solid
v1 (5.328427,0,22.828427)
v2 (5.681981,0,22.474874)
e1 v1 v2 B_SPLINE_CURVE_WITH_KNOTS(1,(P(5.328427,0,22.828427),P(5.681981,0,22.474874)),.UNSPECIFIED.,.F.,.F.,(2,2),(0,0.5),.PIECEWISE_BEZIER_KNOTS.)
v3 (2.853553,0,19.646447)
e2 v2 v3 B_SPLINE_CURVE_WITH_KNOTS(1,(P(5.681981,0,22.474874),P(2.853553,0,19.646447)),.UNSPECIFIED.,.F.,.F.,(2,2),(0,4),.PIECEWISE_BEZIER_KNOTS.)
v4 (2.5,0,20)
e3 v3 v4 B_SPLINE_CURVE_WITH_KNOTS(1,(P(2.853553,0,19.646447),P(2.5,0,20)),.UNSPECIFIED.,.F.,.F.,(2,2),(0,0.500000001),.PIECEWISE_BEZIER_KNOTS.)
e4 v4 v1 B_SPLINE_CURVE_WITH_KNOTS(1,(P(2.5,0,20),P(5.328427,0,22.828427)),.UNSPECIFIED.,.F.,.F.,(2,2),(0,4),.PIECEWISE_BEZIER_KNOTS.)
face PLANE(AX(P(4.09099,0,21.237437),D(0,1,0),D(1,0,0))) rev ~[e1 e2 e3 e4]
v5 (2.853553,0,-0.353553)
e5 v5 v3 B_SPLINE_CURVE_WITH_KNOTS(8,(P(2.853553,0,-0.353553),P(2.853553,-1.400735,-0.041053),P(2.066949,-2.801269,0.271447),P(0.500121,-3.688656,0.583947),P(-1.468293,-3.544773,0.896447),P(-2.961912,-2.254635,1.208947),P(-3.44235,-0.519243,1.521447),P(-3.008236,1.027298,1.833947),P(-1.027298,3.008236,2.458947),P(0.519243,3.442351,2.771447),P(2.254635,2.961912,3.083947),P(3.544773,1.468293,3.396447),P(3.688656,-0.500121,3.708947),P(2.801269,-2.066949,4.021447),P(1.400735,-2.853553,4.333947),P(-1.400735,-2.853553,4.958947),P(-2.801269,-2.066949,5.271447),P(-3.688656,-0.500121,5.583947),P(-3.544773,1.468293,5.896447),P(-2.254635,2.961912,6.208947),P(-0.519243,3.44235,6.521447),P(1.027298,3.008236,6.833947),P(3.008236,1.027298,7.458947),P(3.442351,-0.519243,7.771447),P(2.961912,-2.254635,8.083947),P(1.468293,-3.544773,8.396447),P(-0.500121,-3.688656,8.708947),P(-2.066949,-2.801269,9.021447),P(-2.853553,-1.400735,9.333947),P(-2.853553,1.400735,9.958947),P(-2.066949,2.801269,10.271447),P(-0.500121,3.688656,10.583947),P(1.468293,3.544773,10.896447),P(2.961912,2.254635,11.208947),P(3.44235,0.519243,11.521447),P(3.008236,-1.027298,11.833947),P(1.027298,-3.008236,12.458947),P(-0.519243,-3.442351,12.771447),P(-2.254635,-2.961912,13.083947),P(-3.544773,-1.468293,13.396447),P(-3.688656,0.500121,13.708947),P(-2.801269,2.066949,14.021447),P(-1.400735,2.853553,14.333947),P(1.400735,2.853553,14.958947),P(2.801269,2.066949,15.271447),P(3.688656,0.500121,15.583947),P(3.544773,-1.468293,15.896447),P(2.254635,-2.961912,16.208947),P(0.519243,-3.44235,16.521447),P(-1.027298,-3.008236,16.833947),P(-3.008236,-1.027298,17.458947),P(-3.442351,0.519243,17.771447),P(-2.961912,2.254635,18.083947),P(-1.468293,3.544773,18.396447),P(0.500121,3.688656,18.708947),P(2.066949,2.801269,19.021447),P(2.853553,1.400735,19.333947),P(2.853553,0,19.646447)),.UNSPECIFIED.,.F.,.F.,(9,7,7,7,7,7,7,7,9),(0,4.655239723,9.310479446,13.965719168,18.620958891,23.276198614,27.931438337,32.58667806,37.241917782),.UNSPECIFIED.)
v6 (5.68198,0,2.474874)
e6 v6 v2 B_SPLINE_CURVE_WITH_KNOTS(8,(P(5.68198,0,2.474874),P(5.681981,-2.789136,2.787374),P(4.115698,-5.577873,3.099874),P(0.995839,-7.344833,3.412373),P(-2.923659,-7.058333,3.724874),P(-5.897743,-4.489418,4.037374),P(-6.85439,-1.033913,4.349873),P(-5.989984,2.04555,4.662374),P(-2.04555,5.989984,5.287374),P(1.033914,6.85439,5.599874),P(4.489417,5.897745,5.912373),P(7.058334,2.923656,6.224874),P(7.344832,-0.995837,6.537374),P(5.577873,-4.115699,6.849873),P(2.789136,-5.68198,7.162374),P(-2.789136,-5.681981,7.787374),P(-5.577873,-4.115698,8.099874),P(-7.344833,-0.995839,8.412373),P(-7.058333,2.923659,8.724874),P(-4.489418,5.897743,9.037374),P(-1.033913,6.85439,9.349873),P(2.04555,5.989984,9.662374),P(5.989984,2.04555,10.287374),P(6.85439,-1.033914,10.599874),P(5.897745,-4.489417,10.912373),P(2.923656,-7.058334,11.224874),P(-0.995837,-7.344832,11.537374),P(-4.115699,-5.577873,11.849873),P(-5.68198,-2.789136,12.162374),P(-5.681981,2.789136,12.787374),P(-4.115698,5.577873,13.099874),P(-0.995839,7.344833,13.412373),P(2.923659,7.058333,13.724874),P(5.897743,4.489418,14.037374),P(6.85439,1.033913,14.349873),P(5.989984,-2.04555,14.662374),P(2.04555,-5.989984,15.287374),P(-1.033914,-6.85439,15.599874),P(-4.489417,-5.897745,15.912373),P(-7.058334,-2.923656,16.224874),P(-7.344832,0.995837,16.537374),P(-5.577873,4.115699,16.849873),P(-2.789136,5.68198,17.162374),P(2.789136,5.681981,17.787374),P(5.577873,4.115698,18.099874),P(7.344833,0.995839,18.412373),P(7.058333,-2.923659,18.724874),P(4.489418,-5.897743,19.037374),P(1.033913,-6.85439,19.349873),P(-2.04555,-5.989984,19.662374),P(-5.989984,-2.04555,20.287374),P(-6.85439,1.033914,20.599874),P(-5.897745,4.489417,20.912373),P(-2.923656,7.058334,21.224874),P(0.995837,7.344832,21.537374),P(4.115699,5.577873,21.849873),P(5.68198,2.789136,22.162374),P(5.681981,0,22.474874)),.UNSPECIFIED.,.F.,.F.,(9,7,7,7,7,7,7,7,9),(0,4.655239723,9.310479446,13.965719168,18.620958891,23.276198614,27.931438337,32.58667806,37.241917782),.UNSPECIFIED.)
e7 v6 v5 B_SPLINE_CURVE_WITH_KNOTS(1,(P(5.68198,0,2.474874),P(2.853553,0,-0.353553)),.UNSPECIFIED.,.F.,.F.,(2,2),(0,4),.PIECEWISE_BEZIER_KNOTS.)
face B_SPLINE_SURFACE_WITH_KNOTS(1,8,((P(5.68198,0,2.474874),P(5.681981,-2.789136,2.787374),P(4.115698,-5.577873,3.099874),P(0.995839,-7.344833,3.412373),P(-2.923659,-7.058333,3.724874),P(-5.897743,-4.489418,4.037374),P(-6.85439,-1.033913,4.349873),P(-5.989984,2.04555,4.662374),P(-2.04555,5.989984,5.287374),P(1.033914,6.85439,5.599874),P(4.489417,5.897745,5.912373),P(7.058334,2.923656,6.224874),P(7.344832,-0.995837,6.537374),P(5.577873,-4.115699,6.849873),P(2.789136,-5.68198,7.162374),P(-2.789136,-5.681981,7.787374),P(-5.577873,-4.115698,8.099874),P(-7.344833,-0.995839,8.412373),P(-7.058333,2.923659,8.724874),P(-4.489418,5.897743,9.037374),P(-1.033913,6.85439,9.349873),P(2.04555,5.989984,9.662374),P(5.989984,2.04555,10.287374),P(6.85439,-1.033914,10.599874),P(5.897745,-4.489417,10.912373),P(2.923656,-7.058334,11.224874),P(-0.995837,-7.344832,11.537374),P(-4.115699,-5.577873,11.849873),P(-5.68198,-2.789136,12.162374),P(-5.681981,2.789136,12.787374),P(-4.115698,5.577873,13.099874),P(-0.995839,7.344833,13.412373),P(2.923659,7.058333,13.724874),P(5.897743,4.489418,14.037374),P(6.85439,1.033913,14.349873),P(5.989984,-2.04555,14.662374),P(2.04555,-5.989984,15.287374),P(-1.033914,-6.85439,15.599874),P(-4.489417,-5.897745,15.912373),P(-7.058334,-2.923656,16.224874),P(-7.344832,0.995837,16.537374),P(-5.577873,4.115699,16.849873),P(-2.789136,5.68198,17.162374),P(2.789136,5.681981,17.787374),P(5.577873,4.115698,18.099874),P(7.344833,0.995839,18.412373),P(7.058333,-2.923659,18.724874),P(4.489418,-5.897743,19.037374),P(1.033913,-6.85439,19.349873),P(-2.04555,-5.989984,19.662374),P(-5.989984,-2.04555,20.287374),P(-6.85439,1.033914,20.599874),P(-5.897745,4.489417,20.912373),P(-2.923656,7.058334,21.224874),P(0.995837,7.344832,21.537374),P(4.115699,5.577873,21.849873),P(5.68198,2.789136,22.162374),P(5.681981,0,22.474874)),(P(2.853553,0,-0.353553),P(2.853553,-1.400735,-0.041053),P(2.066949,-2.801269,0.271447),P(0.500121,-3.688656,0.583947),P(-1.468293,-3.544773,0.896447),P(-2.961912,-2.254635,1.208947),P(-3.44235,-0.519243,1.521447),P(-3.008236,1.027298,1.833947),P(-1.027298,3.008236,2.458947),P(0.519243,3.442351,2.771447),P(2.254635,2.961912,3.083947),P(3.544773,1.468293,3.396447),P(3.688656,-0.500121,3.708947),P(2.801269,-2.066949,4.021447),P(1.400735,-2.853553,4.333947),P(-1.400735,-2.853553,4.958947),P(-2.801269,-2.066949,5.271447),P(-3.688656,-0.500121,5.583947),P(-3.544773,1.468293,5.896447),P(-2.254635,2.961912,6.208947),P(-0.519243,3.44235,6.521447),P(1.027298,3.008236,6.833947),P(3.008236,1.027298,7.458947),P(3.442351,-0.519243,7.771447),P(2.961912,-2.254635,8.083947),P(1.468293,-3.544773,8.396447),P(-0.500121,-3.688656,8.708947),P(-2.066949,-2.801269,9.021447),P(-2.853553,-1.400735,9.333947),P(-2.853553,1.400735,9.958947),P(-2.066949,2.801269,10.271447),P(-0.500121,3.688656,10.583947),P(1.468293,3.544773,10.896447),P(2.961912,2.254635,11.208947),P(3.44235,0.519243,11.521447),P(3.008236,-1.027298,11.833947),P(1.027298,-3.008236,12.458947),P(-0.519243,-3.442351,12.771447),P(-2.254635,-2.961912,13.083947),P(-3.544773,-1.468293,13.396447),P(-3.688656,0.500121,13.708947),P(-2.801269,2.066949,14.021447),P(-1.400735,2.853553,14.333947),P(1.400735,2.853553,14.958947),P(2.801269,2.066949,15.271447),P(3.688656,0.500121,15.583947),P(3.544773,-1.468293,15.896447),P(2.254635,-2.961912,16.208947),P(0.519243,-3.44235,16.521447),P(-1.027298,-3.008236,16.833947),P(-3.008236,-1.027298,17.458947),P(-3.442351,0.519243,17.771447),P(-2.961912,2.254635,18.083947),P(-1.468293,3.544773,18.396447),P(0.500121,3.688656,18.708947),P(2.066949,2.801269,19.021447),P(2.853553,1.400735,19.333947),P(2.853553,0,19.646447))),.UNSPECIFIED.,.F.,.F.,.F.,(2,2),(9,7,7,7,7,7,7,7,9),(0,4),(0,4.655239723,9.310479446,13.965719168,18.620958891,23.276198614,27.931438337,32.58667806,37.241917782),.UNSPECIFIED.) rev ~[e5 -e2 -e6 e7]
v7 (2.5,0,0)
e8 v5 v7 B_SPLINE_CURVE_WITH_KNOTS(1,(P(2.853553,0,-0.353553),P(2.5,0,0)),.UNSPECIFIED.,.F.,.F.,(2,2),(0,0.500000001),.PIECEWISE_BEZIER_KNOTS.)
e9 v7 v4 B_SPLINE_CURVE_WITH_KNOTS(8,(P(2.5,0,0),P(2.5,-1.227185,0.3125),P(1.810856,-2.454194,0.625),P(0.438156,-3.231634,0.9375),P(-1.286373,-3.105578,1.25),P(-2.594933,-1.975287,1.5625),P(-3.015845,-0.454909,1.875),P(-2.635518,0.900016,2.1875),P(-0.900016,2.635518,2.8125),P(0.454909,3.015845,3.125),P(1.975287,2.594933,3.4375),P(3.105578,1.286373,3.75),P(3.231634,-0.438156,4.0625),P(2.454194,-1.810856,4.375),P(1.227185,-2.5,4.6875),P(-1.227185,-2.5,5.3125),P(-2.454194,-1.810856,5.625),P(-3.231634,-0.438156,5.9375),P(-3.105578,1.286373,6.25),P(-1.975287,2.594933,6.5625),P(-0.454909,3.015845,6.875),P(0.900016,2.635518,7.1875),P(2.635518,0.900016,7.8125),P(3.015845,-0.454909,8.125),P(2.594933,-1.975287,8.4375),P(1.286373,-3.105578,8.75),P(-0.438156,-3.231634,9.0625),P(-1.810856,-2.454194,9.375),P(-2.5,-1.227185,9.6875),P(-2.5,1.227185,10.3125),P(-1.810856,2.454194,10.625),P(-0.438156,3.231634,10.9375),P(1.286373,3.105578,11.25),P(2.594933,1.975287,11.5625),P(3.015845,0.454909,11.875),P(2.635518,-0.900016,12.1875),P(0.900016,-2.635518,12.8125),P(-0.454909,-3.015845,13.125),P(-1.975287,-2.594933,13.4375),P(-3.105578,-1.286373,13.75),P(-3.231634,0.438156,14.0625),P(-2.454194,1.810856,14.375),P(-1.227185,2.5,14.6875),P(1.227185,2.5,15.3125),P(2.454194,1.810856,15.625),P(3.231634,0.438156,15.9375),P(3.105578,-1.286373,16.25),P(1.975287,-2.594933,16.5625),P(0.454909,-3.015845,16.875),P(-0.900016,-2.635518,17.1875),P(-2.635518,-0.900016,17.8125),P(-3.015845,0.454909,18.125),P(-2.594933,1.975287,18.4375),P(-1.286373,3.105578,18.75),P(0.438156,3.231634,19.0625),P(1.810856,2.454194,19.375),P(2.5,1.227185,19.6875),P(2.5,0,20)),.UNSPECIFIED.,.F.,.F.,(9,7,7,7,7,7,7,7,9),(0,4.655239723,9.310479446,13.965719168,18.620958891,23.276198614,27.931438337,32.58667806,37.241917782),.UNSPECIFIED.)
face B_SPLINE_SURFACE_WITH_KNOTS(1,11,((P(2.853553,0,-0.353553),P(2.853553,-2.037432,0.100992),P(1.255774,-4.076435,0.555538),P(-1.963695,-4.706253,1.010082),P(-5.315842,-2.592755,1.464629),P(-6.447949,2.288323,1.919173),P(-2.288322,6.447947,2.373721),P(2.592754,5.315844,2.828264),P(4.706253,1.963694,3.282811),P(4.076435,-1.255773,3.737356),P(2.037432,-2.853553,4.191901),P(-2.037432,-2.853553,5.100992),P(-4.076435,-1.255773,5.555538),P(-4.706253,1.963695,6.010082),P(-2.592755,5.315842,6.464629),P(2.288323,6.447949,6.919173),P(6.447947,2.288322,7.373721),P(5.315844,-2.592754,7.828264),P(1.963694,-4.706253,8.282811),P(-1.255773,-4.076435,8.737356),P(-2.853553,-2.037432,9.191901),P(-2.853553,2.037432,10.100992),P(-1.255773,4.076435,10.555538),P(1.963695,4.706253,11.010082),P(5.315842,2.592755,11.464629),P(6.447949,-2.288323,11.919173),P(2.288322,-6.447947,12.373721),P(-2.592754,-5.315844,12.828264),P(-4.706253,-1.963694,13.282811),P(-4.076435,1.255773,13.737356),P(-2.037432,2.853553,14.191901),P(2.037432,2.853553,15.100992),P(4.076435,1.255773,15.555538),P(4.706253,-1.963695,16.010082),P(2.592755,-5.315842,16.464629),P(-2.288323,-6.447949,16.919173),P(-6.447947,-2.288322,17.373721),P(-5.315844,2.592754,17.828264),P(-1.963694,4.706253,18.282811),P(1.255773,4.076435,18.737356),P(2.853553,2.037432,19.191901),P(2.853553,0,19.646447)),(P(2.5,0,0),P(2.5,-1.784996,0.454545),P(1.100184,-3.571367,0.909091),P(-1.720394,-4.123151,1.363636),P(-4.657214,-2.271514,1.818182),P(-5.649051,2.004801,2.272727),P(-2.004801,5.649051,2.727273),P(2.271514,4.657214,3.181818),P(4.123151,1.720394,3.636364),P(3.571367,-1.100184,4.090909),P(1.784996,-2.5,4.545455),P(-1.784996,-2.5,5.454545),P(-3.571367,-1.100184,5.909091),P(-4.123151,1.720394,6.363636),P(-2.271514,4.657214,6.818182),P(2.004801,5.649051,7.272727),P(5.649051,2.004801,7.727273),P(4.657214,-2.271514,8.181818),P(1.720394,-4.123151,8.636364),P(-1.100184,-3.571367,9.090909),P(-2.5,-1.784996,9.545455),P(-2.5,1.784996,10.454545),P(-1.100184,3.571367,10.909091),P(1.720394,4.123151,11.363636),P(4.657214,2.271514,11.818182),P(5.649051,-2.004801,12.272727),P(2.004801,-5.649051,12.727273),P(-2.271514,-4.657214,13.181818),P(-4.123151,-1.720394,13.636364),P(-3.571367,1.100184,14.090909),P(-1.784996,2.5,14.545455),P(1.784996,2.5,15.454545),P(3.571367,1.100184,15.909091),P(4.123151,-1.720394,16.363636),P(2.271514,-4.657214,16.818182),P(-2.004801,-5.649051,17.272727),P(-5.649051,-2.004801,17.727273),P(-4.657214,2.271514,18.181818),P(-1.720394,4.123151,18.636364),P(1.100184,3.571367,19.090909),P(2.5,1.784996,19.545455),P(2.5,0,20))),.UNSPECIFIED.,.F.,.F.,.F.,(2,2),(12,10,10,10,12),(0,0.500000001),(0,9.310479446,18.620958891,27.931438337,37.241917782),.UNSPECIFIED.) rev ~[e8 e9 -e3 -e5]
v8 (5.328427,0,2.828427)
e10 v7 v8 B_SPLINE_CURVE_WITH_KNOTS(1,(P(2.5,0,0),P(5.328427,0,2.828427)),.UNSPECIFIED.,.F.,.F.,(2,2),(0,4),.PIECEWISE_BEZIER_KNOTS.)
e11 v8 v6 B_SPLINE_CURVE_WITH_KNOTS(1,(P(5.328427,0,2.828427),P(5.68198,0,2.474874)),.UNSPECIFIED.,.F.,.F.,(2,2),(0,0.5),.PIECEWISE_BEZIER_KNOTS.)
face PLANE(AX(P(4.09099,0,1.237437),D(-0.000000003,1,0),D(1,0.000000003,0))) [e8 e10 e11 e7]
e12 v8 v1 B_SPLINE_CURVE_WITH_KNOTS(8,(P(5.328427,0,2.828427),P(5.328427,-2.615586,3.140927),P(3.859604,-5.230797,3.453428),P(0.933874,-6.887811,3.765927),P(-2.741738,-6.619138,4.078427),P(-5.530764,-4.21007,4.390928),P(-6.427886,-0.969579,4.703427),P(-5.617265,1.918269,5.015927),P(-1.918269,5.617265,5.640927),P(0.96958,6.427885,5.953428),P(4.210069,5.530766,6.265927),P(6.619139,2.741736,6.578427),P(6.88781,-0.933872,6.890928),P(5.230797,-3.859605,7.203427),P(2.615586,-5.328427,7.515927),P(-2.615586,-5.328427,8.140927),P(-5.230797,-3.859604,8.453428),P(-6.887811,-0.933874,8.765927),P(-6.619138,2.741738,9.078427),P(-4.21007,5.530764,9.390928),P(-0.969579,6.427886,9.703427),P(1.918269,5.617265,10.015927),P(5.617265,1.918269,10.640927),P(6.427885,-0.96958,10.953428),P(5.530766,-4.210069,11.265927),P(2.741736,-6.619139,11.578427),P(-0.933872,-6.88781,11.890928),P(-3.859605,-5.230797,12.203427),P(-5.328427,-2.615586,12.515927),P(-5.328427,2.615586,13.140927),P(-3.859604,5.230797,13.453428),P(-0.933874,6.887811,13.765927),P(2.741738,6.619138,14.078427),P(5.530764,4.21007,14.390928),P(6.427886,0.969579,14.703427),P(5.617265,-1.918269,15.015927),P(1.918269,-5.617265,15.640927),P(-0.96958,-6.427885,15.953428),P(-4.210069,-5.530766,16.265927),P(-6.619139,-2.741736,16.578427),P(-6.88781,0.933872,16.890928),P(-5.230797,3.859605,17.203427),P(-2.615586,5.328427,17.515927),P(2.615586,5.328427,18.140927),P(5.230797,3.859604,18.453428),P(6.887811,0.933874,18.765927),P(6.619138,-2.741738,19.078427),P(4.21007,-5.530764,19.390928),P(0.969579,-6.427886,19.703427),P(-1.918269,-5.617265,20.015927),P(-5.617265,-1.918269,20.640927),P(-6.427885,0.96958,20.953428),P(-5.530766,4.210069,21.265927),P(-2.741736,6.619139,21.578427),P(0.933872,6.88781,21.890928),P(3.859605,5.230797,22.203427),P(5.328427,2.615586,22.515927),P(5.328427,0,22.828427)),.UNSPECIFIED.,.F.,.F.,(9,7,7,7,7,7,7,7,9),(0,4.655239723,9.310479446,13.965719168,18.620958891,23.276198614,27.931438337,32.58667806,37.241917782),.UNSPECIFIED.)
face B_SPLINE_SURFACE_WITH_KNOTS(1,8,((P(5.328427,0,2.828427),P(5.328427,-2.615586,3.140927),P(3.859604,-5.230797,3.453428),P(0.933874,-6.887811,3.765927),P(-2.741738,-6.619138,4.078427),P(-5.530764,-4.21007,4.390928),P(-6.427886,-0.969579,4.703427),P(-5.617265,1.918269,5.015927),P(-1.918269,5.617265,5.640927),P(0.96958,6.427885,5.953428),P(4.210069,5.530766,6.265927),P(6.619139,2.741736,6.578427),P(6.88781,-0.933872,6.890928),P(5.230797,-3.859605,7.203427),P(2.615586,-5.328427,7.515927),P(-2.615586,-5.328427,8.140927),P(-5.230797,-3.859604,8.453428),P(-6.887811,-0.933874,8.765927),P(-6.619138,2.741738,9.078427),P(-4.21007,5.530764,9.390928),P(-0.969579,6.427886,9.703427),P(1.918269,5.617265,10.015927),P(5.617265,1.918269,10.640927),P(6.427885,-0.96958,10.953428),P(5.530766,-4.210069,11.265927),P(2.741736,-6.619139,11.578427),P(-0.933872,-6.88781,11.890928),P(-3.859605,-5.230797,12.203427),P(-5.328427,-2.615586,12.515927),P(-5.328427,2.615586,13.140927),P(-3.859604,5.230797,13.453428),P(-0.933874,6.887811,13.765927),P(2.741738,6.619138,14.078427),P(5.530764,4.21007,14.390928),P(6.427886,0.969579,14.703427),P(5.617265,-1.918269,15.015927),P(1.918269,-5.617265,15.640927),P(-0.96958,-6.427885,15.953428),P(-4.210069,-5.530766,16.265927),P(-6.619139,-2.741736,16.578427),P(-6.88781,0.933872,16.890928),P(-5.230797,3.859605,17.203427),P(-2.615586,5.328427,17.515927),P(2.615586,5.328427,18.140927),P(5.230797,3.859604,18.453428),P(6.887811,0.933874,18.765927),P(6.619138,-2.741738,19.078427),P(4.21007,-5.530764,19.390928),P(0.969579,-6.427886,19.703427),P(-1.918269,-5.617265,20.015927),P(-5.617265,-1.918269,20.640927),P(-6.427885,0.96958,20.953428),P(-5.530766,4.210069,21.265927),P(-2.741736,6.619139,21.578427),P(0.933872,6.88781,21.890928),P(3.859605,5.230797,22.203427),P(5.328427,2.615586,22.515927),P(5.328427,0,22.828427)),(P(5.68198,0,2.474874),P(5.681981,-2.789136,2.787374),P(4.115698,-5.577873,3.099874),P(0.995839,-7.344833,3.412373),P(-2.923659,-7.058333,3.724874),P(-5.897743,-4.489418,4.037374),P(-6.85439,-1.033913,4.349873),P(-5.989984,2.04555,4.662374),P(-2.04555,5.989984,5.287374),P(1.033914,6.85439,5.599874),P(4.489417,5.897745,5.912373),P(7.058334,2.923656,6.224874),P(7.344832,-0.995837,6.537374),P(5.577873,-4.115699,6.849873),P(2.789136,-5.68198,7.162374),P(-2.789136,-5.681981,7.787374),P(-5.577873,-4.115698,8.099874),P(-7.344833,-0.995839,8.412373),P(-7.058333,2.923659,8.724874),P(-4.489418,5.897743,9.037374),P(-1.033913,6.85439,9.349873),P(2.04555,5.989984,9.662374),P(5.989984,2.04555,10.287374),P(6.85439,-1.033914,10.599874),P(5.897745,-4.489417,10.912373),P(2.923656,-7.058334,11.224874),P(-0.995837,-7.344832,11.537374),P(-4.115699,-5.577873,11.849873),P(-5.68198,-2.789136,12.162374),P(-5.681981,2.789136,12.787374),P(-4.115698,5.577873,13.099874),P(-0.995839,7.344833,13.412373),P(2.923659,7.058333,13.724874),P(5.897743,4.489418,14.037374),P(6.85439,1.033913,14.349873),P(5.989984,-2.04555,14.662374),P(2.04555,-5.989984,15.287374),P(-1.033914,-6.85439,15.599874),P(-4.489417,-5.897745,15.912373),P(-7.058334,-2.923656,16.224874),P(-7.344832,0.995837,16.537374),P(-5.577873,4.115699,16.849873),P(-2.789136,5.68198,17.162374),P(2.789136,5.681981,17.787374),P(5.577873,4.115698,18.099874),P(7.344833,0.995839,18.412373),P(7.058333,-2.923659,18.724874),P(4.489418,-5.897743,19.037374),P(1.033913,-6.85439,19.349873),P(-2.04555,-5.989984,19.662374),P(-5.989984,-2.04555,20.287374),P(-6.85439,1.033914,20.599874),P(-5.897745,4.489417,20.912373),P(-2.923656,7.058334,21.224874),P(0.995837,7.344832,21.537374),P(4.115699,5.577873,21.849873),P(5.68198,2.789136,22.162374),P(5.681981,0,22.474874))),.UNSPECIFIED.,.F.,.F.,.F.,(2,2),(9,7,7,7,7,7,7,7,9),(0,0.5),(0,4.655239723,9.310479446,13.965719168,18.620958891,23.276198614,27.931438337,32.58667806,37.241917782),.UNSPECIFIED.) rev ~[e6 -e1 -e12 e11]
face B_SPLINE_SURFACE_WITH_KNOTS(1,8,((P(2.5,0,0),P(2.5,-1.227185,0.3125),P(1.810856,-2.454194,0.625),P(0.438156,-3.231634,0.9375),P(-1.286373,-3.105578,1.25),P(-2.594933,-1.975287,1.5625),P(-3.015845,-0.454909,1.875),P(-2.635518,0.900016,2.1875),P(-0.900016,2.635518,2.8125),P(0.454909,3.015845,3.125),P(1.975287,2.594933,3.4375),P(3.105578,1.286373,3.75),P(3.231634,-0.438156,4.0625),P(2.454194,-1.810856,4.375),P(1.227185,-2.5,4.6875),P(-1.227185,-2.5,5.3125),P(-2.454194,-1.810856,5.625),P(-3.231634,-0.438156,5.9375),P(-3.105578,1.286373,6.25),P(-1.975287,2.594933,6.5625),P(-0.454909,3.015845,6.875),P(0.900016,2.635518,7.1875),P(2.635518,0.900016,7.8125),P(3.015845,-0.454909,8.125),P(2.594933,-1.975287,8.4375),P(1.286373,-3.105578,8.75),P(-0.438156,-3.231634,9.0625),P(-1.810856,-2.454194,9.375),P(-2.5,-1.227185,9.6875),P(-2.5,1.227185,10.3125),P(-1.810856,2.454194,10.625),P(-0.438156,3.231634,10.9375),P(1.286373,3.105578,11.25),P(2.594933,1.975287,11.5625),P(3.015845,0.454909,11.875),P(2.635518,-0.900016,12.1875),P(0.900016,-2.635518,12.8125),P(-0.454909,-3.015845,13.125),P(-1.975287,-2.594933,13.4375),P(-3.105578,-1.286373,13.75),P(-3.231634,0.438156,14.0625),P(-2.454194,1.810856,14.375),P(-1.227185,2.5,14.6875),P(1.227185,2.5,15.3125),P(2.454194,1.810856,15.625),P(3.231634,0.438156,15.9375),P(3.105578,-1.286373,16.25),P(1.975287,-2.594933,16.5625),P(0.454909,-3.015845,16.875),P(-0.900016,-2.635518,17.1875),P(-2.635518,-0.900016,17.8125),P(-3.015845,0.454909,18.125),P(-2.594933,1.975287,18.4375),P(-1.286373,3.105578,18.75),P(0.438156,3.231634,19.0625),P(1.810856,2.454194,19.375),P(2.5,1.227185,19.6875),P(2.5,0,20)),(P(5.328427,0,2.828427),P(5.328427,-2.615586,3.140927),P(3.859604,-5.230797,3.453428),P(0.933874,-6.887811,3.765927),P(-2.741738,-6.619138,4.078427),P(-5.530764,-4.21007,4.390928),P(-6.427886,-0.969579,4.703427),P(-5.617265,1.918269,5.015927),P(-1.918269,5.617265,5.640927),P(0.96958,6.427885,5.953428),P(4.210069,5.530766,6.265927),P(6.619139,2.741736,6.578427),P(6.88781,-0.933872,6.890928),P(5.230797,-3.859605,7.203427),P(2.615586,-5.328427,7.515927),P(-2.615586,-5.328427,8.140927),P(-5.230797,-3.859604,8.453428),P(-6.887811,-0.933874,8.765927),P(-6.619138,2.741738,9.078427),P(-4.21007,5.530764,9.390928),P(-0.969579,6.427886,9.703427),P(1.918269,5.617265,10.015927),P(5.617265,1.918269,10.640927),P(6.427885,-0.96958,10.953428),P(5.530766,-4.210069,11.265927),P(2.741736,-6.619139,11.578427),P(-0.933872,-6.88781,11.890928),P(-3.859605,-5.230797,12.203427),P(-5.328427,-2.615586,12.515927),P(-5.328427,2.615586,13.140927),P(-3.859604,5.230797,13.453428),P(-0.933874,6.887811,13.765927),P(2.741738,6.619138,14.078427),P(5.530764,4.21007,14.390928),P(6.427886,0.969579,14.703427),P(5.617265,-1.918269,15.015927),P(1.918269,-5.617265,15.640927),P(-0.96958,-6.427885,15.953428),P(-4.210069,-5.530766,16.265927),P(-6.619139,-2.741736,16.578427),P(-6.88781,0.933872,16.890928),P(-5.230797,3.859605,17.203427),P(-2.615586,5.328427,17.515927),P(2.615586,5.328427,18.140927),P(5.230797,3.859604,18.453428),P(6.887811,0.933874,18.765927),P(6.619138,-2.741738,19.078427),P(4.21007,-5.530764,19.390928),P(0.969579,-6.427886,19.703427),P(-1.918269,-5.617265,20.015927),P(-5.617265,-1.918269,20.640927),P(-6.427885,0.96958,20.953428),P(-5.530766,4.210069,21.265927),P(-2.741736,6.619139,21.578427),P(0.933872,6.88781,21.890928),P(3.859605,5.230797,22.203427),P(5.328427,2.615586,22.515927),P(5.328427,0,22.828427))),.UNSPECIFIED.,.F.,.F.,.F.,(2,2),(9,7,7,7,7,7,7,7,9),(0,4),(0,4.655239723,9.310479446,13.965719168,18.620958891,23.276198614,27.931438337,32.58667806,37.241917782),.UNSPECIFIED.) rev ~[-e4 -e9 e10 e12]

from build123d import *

# Parameters (mm, degrees)
AUSTRAGUNG1_PITCH  = 4
AUSTRAGUNG1_HEIGHT = 20
AUSTRAGUNG1_RADIUS = 2.5


with BuildPart() as part:
    # Austragung1: sweep along a helix
    with BuildLine() as austragung1_path:
        Helix(AUSTRAGUNG1_PITCH, AUSTRAGUNG1_HEIGHT, AUSTRAGUNG1_RADIUS, center=(0, 0, 0), direction=(0, 0, 1), lefthand=True)
    # Skizze2 → Austragung1 (sweep)
    with BuildSketch(Plane(origin=(0, 0, 0), x_dir=(1, 0, 0), z_dir=(0, 1, 0))):
        Polygon((2.5, -20), (5.328427125, -22.828427125), (5.681980515, -22.474873734), (2.853553391, -19.646446609), align=None)
    sweep(path=austragung1_path.line, is_frenet=True)


solid = part.part
